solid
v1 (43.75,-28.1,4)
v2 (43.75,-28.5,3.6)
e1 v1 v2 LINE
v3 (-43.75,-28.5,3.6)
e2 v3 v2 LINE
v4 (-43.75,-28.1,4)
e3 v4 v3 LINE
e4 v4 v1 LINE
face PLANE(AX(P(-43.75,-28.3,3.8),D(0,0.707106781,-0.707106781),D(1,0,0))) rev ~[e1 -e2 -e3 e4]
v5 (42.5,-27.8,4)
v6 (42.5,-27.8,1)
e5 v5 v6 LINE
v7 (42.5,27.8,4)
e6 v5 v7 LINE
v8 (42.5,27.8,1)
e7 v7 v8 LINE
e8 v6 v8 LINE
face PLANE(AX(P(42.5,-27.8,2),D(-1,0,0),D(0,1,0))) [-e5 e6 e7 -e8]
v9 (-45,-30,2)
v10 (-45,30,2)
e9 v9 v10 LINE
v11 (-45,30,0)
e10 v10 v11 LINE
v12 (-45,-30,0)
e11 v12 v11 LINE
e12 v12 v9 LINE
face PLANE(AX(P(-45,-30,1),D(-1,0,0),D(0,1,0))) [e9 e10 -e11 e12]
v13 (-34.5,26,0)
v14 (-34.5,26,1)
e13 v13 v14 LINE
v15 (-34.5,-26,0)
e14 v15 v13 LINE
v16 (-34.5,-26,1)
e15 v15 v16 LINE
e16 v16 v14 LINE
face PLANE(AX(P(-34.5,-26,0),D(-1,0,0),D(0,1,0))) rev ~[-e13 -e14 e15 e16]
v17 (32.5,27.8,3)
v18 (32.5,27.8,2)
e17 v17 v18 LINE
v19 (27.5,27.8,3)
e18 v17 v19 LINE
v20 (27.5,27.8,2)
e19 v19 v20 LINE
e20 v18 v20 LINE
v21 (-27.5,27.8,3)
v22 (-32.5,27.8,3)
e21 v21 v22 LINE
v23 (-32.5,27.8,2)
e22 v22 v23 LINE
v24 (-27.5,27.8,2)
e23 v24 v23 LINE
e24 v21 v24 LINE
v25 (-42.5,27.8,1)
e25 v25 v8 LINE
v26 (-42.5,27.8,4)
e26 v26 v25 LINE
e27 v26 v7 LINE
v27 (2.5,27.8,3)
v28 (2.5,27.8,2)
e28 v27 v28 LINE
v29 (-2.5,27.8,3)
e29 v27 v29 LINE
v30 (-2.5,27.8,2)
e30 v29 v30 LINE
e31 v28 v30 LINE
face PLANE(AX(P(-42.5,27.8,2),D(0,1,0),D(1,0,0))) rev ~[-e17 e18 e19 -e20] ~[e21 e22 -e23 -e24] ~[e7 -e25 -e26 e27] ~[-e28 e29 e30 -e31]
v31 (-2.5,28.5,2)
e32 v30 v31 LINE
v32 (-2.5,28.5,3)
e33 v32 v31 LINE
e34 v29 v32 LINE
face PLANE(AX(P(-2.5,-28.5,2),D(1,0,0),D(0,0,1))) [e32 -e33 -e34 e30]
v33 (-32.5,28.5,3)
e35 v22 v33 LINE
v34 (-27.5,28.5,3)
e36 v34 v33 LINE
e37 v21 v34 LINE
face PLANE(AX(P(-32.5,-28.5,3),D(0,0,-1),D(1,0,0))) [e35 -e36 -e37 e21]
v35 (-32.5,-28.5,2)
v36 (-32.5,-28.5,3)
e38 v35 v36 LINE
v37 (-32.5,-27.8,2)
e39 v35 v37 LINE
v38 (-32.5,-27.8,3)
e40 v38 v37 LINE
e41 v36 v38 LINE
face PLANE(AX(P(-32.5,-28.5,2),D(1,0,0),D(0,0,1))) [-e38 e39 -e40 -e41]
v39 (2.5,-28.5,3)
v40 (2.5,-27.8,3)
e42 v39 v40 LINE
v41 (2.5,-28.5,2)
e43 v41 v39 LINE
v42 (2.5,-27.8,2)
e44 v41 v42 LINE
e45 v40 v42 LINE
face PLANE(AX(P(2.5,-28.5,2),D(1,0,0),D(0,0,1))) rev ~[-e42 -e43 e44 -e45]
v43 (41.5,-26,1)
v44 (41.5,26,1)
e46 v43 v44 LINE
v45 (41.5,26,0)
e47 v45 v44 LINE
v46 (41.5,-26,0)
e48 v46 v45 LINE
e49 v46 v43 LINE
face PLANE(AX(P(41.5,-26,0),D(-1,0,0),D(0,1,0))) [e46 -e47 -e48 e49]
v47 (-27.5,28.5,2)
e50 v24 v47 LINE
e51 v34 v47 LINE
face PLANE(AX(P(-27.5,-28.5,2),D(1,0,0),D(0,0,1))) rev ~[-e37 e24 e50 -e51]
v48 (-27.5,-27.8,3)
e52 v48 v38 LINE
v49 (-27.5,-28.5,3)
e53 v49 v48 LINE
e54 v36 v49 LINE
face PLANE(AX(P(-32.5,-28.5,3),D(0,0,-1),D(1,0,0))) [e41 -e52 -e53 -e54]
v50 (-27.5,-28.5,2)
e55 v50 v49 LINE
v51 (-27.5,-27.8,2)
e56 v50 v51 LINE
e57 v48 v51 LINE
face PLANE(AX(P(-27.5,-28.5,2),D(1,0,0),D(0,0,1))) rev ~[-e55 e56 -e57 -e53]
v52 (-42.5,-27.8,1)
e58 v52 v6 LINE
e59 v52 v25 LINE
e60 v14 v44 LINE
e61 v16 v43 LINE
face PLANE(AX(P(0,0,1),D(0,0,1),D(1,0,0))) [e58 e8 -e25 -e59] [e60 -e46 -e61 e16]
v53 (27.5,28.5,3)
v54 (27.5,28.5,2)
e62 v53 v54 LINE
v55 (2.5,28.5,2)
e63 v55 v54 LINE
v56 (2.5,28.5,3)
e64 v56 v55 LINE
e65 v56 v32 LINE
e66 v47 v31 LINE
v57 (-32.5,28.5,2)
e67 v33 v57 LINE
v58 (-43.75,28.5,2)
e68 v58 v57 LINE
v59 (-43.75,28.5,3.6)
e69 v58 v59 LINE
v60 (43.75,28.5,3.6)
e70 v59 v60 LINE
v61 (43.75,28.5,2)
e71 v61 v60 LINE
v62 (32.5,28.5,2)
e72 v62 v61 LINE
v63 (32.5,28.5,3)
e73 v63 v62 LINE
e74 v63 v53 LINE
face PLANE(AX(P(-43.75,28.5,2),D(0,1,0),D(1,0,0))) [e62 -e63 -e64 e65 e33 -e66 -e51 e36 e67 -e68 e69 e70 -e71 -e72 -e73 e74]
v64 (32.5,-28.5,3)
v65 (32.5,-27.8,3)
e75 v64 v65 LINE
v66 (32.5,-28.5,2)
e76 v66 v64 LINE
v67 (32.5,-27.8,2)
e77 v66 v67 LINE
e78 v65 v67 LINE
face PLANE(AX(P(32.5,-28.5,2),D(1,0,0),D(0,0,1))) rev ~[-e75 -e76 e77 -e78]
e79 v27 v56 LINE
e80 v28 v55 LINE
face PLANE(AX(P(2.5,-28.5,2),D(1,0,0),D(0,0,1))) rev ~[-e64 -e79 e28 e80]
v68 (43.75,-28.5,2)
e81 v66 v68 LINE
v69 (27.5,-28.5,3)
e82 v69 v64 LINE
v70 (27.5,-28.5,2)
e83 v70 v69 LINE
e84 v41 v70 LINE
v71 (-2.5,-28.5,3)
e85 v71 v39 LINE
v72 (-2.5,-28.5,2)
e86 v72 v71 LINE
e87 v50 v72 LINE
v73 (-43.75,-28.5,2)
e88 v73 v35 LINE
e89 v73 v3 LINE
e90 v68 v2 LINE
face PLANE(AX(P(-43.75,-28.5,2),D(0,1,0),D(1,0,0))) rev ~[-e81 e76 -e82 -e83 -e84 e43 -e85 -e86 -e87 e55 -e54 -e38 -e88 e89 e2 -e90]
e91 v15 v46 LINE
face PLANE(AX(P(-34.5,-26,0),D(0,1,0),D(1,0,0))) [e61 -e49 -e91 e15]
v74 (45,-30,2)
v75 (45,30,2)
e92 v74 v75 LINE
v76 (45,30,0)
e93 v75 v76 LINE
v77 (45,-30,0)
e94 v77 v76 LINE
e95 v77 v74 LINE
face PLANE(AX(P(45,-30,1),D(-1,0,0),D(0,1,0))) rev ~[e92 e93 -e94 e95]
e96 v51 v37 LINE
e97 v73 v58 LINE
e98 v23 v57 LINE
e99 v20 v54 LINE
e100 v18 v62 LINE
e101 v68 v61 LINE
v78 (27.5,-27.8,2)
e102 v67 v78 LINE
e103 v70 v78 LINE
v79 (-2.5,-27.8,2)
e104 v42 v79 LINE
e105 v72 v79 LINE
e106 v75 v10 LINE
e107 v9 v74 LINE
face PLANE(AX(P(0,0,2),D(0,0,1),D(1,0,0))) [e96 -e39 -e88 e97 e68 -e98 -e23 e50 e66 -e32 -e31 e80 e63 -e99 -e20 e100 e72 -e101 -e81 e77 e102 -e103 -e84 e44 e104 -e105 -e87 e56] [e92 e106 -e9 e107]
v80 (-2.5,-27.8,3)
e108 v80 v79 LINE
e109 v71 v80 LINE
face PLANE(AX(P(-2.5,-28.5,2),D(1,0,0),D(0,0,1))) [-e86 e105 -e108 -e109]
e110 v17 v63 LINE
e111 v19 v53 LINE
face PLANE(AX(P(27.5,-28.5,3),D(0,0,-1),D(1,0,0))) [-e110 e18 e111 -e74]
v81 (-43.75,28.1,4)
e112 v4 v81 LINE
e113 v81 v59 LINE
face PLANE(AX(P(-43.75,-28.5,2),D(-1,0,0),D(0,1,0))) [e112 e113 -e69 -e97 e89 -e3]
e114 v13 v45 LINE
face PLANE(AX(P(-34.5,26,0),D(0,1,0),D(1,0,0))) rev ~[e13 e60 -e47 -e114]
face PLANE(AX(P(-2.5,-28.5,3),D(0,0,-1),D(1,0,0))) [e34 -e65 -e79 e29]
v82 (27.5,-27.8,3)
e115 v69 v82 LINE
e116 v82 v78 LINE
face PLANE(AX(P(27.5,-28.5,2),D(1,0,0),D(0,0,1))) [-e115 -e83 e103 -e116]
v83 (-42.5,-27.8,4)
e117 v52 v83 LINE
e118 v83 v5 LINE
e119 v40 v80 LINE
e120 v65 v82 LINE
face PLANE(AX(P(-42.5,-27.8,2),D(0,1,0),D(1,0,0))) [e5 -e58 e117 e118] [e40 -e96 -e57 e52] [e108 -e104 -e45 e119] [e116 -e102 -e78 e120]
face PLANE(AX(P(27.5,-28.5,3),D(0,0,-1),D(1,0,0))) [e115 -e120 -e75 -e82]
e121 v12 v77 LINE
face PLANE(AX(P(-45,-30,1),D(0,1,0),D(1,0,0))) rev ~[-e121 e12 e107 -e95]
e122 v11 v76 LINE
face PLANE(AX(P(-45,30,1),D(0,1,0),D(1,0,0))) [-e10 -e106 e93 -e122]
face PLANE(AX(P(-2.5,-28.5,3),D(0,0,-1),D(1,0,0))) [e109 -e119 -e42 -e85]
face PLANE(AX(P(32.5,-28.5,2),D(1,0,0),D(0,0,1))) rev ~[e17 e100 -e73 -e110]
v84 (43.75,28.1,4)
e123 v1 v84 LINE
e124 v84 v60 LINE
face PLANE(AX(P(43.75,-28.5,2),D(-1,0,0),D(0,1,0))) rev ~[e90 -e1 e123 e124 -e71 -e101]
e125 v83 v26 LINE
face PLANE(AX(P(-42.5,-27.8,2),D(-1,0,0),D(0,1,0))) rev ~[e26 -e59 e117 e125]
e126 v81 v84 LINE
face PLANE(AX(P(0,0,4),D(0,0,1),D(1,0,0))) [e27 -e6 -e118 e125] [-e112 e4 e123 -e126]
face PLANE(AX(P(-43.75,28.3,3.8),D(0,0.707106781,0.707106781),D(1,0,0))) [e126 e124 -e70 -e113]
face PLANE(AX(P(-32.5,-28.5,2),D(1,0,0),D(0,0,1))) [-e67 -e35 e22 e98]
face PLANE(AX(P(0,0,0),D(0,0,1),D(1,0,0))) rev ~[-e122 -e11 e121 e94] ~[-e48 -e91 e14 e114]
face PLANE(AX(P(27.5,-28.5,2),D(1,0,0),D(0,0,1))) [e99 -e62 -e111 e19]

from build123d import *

# Parameters (mm, degrees)
SKETCH_W      = 90
SKETCH_H      = 60
SKETCH_W_2    = 76
SKETCH_H_2    = 52
PAD_DEPTH     = 1
SKETCH001_W   = 90
SKETCH001_H   = 60
SKETCH001_W_2 = 85
SKETCH001_H_2 = 55.6
PAD001_DEPTH  = 1
SKETCH002_W   = 87.5
SKETCH002_H   = 57
SKETCH002_W_2 = 85
SKETCH002_H_2 = 55.6
PAD002_DEPTH  = 2
SKETCH003_W   = 5
SKETCH003_H   = 1
POCKET_DEPTH  = 58.501
CHAMFER_SIZE  = 0.4


with BuildPart() as part:
    # Sketch → Pad (new body)
    with BuildSketch(Plane.XY):
        Rectangle(SKETCH_W, SKETCH_H)
        with Locations((3.5, 0)):
            Rectangle(SKETCH_W_2, SKETCH_H_2, mode=Mode.SUBTRACT)
    extrude(amount=PAD_DEPTH)

    # Sketch001 → Pad001 (new body)
    with BuildSketch(Plane.XY.offset(1)):
        Rectangle(SKETCH001_W, SKETCH001_H)
        Rectangle(SKETCH001_W_2, SKETCH001_H_2, mode=Mode.SUBTRACT)
    extrude(amount=PAD001_DEPTH)

    # Sketch002 → Pad002 (new body)
    with BuildSketch(Plane.XY.offset(2)):
        Rectangle(SKETCH002_W, SKETCH002_H)
        Rectangle(SKETCH002_W_2, SKETCH002_H_2, mode=Mode.SUBTRACT)
    extrude(amount=PAD002_DEPTH)

    # Sketch003 → Pocket (cut, through all)
    with BuildSketch(Plane.XZ.offset(28.5)):
        with Locations((-30, 2.5)):
            Rectangle(SKETCH003_W, SKETCH003_H)
        with Locations((0, 2.5)):
            Rectangle(SKETCH003_W, SKETCH003_H)
        with Locations((30, 2.5)):
            Rectangle(SKETCH003_W, SKETCH003_H)
    extrude(amount=-POCKET_DEPTH, mode=Mode.SUBTRACT)

    # Chamfer
    chamfer_edges = [part.edges().sort_by_distance(p)[0] for p in [
        (0, -28.5, 4),
        (0, 28.5, 4),
    ]]
    chamfer(chamfer_edges, length=CHAMFER_SIZE)


solid = part.part
